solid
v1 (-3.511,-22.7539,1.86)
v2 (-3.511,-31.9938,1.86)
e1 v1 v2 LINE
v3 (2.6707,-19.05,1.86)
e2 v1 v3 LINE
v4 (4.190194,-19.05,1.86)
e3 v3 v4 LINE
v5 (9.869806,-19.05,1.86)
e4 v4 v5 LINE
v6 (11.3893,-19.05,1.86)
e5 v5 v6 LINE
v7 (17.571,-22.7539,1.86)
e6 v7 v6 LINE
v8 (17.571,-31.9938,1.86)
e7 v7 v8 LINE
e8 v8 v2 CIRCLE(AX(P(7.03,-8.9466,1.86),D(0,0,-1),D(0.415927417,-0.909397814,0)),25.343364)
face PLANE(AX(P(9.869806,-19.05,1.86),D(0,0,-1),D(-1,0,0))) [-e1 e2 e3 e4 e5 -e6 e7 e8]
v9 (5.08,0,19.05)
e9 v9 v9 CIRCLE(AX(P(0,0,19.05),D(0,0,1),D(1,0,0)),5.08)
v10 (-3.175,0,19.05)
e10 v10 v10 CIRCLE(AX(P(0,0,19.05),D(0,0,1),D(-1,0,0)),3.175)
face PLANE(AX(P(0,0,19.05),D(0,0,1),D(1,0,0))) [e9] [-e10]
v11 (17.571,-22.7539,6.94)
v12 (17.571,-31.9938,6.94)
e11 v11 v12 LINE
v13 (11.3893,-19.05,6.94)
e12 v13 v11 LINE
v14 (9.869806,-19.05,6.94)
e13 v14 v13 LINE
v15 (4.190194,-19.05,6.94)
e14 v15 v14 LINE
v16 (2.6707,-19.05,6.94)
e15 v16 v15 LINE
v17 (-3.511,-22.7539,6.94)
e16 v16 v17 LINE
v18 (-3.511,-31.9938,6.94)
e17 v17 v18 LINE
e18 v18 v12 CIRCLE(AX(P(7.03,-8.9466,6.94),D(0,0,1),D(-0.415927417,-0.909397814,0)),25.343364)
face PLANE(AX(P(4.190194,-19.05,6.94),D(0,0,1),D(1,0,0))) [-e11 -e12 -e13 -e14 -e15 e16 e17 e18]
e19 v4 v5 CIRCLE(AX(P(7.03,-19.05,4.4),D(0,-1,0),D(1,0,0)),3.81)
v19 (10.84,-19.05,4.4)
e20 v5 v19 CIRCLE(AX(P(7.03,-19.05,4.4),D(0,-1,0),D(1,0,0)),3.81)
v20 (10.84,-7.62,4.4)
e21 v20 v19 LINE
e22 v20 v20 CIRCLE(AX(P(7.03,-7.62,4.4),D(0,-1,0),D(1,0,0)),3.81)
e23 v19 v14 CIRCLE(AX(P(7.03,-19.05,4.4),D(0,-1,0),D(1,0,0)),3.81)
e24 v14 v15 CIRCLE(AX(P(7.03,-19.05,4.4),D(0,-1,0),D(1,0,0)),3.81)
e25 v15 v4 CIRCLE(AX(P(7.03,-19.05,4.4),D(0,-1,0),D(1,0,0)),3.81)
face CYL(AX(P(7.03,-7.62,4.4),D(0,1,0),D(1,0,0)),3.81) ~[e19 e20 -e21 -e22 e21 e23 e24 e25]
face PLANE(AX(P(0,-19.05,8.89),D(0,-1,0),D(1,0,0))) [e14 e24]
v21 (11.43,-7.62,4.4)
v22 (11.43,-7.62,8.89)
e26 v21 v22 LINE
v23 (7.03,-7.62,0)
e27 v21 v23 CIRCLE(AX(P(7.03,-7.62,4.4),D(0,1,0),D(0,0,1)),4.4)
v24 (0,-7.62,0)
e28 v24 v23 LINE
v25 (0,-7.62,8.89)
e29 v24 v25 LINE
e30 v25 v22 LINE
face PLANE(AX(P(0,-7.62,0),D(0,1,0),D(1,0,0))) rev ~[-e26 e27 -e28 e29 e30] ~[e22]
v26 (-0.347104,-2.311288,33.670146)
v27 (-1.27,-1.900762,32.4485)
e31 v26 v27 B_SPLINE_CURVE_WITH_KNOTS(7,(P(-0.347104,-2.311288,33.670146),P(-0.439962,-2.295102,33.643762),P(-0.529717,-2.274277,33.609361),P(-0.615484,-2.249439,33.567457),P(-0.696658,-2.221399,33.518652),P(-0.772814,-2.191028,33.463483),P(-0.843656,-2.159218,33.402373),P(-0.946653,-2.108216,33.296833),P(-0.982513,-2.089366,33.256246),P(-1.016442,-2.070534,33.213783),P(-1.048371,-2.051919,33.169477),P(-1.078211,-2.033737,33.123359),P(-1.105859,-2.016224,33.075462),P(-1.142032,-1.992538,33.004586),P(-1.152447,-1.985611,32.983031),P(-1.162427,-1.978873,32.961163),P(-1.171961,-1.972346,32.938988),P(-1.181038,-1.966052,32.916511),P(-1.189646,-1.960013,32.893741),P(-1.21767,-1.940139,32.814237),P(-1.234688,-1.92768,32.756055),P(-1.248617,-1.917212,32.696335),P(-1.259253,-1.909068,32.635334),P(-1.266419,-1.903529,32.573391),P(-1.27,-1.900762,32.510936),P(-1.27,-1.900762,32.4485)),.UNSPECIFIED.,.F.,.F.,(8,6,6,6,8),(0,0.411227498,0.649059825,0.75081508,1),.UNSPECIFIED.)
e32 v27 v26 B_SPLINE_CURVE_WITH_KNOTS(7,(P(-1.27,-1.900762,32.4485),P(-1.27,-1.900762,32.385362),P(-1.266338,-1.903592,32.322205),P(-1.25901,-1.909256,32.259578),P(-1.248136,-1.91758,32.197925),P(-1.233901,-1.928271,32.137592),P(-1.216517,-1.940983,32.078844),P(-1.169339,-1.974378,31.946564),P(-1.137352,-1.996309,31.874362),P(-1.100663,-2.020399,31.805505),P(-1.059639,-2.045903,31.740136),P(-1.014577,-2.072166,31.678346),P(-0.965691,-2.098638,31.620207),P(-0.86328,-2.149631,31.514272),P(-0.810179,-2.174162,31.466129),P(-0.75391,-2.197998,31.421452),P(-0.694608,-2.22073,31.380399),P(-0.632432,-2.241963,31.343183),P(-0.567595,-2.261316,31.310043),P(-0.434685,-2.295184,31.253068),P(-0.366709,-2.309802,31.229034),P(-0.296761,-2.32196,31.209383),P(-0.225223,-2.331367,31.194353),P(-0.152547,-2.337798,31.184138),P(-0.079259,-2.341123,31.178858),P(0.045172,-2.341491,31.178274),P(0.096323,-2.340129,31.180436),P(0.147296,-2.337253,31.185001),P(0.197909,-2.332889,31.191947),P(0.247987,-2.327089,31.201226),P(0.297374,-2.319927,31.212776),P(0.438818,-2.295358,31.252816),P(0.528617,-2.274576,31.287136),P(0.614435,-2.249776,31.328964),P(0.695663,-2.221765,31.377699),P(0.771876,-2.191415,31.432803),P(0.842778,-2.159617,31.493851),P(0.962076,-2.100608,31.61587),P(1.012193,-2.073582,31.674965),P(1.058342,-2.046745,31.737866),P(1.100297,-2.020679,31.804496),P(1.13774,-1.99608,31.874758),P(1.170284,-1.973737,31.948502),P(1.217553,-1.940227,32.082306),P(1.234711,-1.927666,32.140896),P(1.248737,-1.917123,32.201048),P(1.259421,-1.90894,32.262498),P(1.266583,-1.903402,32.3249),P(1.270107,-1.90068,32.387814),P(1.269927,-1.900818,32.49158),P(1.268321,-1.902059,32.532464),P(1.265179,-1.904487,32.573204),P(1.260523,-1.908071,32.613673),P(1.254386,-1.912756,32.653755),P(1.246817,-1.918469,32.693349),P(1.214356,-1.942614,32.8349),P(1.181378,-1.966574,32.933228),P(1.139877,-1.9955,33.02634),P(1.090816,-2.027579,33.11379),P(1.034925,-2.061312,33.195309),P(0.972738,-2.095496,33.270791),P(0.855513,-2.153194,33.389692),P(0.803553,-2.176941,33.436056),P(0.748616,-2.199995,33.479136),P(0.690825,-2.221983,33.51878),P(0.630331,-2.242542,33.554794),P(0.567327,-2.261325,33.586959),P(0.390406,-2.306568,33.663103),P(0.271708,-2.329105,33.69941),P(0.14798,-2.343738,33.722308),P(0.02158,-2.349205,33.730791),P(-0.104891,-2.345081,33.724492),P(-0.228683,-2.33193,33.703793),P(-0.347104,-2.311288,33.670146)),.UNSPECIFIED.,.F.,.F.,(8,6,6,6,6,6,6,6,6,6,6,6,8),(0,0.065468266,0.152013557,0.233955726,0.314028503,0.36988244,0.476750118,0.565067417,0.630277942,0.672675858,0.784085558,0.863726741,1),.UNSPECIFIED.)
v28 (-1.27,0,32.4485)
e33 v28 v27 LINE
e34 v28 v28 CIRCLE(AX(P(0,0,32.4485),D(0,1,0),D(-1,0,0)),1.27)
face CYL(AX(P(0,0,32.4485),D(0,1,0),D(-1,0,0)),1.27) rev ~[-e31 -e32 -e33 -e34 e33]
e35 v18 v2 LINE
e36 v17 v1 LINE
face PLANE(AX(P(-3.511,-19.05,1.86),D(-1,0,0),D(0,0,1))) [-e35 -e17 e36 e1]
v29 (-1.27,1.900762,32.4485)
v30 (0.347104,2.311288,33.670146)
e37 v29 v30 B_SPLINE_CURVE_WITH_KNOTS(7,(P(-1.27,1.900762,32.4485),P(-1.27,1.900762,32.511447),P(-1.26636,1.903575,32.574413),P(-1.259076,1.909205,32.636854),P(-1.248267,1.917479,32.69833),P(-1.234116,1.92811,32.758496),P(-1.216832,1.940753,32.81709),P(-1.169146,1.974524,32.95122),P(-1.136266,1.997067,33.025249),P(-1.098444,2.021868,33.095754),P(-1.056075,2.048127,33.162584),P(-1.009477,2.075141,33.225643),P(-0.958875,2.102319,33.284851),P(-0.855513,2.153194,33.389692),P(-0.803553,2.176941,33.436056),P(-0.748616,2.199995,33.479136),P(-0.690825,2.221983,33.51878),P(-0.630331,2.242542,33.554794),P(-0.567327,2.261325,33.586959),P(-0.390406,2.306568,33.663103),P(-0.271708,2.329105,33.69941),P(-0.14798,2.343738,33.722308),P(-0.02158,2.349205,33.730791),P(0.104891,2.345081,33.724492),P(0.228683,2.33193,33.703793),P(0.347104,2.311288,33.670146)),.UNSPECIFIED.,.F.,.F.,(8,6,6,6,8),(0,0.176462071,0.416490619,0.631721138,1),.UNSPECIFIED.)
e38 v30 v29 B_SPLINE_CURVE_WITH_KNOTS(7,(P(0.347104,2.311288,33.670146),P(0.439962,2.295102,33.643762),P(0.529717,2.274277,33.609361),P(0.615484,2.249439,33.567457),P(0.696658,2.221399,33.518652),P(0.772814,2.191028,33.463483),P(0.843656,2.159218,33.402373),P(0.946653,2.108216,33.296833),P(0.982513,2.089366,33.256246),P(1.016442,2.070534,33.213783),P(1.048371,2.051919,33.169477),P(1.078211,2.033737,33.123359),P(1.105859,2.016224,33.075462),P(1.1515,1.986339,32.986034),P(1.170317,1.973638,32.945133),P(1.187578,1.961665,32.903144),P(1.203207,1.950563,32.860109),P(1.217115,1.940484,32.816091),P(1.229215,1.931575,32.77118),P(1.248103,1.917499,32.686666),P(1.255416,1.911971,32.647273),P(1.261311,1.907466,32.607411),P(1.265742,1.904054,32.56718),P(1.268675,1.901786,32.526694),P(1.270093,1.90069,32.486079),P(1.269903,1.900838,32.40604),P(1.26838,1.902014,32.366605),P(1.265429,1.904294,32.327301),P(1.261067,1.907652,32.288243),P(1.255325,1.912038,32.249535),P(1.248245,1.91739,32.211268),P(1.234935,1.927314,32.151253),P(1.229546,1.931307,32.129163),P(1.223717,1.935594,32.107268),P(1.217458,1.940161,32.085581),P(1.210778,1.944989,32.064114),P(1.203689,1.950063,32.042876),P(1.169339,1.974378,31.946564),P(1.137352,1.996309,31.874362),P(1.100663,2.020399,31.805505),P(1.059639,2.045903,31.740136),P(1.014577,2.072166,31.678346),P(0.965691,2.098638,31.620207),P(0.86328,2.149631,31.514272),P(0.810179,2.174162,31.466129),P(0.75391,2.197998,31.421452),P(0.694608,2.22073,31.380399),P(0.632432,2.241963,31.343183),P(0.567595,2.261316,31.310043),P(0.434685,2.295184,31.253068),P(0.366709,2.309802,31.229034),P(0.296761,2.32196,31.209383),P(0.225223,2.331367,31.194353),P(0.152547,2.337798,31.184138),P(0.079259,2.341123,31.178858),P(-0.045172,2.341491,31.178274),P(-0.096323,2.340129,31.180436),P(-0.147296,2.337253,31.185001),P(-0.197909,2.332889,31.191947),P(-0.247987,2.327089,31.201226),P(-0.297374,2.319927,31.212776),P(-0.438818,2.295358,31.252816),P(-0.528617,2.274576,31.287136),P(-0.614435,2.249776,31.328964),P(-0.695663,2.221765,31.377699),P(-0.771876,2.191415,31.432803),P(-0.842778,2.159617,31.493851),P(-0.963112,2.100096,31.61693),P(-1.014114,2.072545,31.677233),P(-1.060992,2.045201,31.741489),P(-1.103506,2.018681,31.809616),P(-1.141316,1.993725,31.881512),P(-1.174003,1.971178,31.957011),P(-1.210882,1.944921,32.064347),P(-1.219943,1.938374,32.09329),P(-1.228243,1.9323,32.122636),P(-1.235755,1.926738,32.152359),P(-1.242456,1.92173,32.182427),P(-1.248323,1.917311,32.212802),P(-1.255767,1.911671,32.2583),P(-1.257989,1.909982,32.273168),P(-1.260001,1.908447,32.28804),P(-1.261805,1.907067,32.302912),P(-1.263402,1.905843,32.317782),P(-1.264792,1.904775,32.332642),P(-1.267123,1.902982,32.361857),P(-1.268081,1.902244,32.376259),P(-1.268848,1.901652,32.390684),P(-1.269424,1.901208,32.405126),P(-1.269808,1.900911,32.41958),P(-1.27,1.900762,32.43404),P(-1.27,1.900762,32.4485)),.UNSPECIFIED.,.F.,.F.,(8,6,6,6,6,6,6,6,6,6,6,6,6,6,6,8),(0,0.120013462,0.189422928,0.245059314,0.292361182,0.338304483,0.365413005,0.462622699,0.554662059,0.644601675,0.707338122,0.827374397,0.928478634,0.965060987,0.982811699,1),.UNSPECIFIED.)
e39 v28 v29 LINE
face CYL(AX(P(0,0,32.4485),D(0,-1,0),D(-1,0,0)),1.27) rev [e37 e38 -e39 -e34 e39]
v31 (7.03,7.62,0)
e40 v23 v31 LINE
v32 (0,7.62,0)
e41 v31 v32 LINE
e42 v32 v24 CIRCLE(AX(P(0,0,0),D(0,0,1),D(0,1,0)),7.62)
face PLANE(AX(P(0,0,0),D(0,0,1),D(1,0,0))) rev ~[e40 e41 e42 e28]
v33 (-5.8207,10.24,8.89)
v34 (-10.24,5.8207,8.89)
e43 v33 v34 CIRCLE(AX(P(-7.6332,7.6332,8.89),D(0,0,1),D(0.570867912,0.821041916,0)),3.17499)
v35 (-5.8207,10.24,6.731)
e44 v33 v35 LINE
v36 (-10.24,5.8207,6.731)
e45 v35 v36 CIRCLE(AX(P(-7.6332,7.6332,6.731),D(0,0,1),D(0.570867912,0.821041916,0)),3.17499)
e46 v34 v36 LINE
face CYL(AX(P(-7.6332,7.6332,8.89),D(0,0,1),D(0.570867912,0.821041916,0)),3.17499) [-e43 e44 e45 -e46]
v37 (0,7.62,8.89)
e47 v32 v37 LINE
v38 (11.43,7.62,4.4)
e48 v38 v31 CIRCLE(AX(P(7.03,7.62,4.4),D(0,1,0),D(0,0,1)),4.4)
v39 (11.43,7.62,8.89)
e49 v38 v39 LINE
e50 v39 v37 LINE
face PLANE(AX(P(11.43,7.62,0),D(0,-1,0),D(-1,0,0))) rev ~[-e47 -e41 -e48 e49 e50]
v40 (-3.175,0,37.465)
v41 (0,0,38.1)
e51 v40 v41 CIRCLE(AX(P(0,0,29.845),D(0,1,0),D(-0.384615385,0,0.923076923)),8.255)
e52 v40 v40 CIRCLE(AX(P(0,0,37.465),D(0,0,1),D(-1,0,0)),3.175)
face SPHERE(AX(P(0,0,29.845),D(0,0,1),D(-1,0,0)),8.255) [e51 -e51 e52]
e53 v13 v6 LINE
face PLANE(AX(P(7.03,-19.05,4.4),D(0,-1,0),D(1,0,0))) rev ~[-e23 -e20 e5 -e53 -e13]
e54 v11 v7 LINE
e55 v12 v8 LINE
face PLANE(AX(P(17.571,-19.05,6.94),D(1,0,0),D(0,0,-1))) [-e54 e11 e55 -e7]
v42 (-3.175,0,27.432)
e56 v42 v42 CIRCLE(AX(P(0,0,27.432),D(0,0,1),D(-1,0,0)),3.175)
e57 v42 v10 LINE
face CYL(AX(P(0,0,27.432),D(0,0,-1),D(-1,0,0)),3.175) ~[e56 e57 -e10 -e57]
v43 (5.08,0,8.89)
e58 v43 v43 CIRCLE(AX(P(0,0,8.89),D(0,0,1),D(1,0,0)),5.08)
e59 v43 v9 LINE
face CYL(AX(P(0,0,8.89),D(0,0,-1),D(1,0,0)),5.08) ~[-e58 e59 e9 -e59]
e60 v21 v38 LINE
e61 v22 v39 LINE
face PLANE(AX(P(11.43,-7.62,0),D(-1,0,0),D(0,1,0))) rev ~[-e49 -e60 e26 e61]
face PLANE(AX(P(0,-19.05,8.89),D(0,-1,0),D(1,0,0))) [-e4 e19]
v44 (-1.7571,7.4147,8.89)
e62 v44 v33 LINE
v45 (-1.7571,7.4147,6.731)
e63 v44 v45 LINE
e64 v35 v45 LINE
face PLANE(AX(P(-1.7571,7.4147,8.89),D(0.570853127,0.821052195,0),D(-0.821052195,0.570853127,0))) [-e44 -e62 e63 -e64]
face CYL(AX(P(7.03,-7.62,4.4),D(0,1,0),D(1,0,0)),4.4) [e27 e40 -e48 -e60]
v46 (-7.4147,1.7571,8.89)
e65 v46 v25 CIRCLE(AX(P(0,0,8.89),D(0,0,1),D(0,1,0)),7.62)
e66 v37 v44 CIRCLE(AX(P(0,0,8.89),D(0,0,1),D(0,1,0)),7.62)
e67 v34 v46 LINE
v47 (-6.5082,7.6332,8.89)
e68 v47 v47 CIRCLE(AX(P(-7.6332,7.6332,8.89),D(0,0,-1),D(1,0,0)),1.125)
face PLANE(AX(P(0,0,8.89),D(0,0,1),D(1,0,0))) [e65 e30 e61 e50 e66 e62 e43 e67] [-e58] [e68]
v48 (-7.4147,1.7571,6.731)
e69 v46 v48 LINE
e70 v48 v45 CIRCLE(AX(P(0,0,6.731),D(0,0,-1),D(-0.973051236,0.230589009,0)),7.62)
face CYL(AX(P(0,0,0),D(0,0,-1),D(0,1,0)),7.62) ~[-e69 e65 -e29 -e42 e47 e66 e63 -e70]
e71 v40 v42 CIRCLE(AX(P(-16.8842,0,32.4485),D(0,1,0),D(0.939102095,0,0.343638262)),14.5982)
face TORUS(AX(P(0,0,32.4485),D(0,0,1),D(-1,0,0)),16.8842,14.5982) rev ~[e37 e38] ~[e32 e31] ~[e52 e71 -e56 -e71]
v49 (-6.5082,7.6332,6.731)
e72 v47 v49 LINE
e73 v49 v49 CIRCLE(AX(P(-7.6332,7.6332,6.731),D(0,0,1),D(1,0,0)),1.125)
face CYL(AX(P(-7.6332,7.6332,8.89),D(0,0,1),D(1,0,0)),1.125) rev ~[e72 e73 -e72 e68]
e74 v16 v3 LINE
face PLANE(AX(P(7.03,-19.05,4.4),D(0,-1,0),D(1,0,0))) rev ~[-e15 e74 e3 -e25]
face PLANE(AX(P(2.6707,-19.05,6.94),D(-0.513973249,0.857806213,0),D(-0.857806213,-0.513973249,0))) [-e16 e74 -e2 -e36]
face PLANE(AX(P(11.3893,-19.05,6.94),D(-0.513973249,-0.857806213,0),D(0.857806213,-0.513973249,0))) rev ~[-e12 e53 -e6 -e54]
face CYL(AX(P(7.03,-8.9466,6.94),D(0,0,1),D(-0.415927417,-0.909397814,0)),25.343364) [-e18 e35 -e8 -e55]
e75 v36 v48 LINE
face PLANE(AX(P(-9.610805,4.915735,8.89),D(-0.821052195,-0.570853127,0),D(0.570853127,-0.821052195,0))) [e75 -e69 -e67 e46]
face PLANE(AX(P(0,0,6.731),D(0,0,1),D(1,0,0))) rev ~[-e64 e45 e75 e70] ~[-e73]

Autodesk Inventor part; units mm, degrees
ref_plane "YZ Plane" through (0, 0, 0) normal (1, 0, 0) x (0, 1, 0)
ref_plane "XZ Plane" through (0, 0, 0) normal (0, 1, 0) x (-1, 0, 0)
ref_plane "XY Plane" through (0, 0, 0) normal (0, 0, 1) x (1, 0, 0)
sketch "Sketch1" plane through (0, 0, 0) normal (0, 0, 1) x (1, 0, 0)
  line L0 (11.43, 7.62) -> (0, 7.62)
  arc A0 (0, 7.62) -> (0, -7.62) centre (0, 0) ccw
  line L1 (0, -7.62) -> (11.43, -7.62)
  line L2 (11.43, -7.62) -> (11.43, 7.62)
  dimension "d0" = 15.24
  dimension "d2" = 11.43
extrude "Extrusion1" add sketch "Sketch1" along normal blind 8.89
sketch "Sketch2" plane through (0, 0, 8.89) normal (0, 0, 1) x (1, 0, 0)
  arc A0 (0, 7.62) -> (0, -7.62) centre (0, 0) ccw projected
  circle A1 centre (0, 0) radius 5.08
  dimension "d5" = 10.16
extrude "Extrusion2" add sketch "Sketch2" along normal blind 10.16
sketch "Sketch3" plane through (0, 0, 0) normal (0, 1, 0) x (-1, 0, 0)
  line L0 (7.62, 8.89) -> (7.62, 0) projected
  line L1 (7.62, 0) -> (-11.43, 0) projected
  line L2 (-11.43, 0) -> (-11.43, 8.89) projected
  line L3 (-11.43, 8.89) -> (-5.08, 8.89) projected
  line L4 (-5.08, 8.89) -> (-5.08, 19.05) projected
  line L5 (-5.08, 19.05) -> (5.08, 19.05) projected
  line L6 (5.08, 19.05) -> (5.08, 8.89) projected
  line L7 (5.08, 8.89) -> (7.62, 8.89) projected
  line L8 (0, 19.05) -> (0, 38.1)
  arc A0 (3.175, 37.465) -> (0, 38.1) centre (0, 29.845) ccw
  arc A1 (3.175, 37.465) -> (3.175, 27.432) centre (16.8842, 32.4485) ccw
  line L9 (3.175, 27.432) -> (3.175, 19.05)
  line L10 (3.175, 19.05) -> (0, 19.05)
  line L11 (16.8842, 32.4485) -> (2.286, 32.4485)
  point P0 (0, 0)
  dimension "d10" = 3.175
  dimension "d13" = 8.382
  dimension "d14" = 2.286
  dimension "d15" = 19.05
  dimension "d16" = 0.635
revolve "Revolution1" add sketch "Sketch3" angle 360 about axis through (0, 0, 19.05) along (0, 0, 1) contours L5 L8 A0 A1 L9
sketch "Sketch4" plane through (0, 0, 0) normal (0, 1, 0) x (-1, 0, 0)
  line L0 (7.62, 8.89) -> (7.62, 0) projected
  line L1 (7.62, 0) -> (-11.43, 0) projected
  line L2 (-11.43, 0) -> (-11.43, 8.89) projected
  line L3 (-11.43, 8.89) -> (-5.08, 8.89) projected
  line L4 (-5.08, 8.89) -> (-5.08, 19.05) projected
  line L5 (-5.08, 19.05) -> (-3.175, 19.05) projected
  line L6 (-3.175, 19.05) -> (-3.175, 27.432) projected
  arc A0 (-3.175, 27.432) -> (-3.175, 37.465) centre (-16.8842, 32.4485) ccw projected
  arc A1 (3.175, 37.465) -> (0, 38.1) centre (0, 29.845) ccw projected
  arc A2 (0, 38.1) -> (-3.175, 37.465) centre (0, 29.845) ccw projected
  arc A3 (3.175, 37.465) -> (3.175, 27.432) centre (16.8842, 32.4485) ccw projected
  line L7 (3.175, 27.432) -> (3.175, 19.05) projected
  line L8 (3.175, 19.05) -> (5.08, 19.05) projected
  line L9 (5.08, 19.05) -> (5.08, 8.89) projected
  line L10 (5.08, 8.89) -> (7.62, 8.89) projected
  circle A4 centre (0, 32.4485) radius 1.27
  point P0 (0, 0)
  point P1 (2.286, 32.4485)
  dimension "d18" = 2.54
extrude "Extrusion3" cut sketch "Sketch4" along normal through all both and the other way through all contours A4
sketch "Sketch5" plane through (0, 0, 8.89) normal (0, 0, 1) x (1, 0, 0)
  circle A0 centre (0, 0) radius 5.08 projected
  arc A1 (0, 7.62) -> (0, -7.62) centre (0, 0) ccw projected
  line L0 (-1.7571, 7.4147) -> (-5.8207, 10.24)
  arc A2 (-5.8207, 10.24) -> (-10.24, 5.8207) centre (-7.6332, 7.6332) ccw
  line L1 (-10.24, 5.8207) -> (-7.4147, 1.7571)
  circle A3 centre (-7.6332, 7.6332) radius 1.125
  circle A4 centre (0, 0) radius 10.795
  line L2 (0, 0) -> (-7.6332, 7.6332)
  line L3 (11.43, 7.62) -> (0, 7.62) projected
  dimension "d23" = 2.25
  dimension "d25" = 3.175
  dimension "d26" = 8.001
  dimension "d27" = 5.715
  dimension "d31" = 135
extrude "Extrusion4" add sketch "Sketch5" against normal blind 2.159 contours A1 L1 A4 A3 L2 | L2 A3 A4 L0 A1 | A4 A3 L1 A2 L0
fillet "Fillet1" radius 4.4 1 edges at (11.43, 0, 0)
sketch "Sketch6" plane through (0, -7.62, 8.89) normal (0, -1, 0) x (1, 0, 0)
  arc A0 (7.03, -8.89) -> (11.43, -4.49) centre (7.03, -4.49) ccw projected
  circle A1 centre (7.03, -4.49) radius 3.81
  dimension "d33" = 7.62
extrude "Extrusion5" add sketch "Sketch6" along normal blind 11.43
sketch "Sketch7" plane through (7.03, -19.05, 4.4) normal (0, -1, 0) x (1, 0, 0)
  circle A0 centre (0, 0) radius 3.81 projected
  line L0 (-10.541, 2.54) -> (10.541, 2.54)
  line L1 (10.541, 2.54) -> (10.541, -2.54)
  line L2 (10.541, -2.54) -> (-10.541, -2.54)
  line L3 (-10.541, -2.54) -> (-10.541, 2.54)
  point P0 (-7.03, -4.4)
  point P1 (0, 2.54)
  point P2 (10.541, 0)
  dimension "d37" = 21.082
  dimension "d40" = 5.08
extrude "Extrusion6" add sketch "Sketch7" along normal blind 15.24 contours A0 L2 L0 | A0 L0 L1 L2 | A0 L2 L3 L0
sketch "Sketch8" plane through (-3.511, -19.05, 6.94) normal (0, 0, 1) x (1, 0, 0)
  line L0 (0, 0) -> (7.7012, 0) projected
  line L1 (0, 0) -> (0, -15.24) projected
  line L2 (21.082, -15.24) -> (0, -15.24) projected
  line L3 (21.082, 0) -> (21.082, -15.24) projected
  line L4 (13.3808, 0) -> (21.082, 0) projected
  line L5 (7.7012, 0) -> (13.3808, 0) projected
  line L6 (6.1817, 0) -> (0, -3.7039)
  line L7 (14.9003, 0) -> (21.082, -3.7039)
  arc A0 (0, -12.9438) -> (21.082, -12.9438) centre (10.541, 10.1034) ccw
  point P0 (3.511, 19.05)
extrude "Extrusion7" cut sketch "Sketch8" against normal through all contours L0 L6 L1 | A0 L2 L1 | A0 L3 L2 | L4 L3 L7
properties part number "tuning peg"
